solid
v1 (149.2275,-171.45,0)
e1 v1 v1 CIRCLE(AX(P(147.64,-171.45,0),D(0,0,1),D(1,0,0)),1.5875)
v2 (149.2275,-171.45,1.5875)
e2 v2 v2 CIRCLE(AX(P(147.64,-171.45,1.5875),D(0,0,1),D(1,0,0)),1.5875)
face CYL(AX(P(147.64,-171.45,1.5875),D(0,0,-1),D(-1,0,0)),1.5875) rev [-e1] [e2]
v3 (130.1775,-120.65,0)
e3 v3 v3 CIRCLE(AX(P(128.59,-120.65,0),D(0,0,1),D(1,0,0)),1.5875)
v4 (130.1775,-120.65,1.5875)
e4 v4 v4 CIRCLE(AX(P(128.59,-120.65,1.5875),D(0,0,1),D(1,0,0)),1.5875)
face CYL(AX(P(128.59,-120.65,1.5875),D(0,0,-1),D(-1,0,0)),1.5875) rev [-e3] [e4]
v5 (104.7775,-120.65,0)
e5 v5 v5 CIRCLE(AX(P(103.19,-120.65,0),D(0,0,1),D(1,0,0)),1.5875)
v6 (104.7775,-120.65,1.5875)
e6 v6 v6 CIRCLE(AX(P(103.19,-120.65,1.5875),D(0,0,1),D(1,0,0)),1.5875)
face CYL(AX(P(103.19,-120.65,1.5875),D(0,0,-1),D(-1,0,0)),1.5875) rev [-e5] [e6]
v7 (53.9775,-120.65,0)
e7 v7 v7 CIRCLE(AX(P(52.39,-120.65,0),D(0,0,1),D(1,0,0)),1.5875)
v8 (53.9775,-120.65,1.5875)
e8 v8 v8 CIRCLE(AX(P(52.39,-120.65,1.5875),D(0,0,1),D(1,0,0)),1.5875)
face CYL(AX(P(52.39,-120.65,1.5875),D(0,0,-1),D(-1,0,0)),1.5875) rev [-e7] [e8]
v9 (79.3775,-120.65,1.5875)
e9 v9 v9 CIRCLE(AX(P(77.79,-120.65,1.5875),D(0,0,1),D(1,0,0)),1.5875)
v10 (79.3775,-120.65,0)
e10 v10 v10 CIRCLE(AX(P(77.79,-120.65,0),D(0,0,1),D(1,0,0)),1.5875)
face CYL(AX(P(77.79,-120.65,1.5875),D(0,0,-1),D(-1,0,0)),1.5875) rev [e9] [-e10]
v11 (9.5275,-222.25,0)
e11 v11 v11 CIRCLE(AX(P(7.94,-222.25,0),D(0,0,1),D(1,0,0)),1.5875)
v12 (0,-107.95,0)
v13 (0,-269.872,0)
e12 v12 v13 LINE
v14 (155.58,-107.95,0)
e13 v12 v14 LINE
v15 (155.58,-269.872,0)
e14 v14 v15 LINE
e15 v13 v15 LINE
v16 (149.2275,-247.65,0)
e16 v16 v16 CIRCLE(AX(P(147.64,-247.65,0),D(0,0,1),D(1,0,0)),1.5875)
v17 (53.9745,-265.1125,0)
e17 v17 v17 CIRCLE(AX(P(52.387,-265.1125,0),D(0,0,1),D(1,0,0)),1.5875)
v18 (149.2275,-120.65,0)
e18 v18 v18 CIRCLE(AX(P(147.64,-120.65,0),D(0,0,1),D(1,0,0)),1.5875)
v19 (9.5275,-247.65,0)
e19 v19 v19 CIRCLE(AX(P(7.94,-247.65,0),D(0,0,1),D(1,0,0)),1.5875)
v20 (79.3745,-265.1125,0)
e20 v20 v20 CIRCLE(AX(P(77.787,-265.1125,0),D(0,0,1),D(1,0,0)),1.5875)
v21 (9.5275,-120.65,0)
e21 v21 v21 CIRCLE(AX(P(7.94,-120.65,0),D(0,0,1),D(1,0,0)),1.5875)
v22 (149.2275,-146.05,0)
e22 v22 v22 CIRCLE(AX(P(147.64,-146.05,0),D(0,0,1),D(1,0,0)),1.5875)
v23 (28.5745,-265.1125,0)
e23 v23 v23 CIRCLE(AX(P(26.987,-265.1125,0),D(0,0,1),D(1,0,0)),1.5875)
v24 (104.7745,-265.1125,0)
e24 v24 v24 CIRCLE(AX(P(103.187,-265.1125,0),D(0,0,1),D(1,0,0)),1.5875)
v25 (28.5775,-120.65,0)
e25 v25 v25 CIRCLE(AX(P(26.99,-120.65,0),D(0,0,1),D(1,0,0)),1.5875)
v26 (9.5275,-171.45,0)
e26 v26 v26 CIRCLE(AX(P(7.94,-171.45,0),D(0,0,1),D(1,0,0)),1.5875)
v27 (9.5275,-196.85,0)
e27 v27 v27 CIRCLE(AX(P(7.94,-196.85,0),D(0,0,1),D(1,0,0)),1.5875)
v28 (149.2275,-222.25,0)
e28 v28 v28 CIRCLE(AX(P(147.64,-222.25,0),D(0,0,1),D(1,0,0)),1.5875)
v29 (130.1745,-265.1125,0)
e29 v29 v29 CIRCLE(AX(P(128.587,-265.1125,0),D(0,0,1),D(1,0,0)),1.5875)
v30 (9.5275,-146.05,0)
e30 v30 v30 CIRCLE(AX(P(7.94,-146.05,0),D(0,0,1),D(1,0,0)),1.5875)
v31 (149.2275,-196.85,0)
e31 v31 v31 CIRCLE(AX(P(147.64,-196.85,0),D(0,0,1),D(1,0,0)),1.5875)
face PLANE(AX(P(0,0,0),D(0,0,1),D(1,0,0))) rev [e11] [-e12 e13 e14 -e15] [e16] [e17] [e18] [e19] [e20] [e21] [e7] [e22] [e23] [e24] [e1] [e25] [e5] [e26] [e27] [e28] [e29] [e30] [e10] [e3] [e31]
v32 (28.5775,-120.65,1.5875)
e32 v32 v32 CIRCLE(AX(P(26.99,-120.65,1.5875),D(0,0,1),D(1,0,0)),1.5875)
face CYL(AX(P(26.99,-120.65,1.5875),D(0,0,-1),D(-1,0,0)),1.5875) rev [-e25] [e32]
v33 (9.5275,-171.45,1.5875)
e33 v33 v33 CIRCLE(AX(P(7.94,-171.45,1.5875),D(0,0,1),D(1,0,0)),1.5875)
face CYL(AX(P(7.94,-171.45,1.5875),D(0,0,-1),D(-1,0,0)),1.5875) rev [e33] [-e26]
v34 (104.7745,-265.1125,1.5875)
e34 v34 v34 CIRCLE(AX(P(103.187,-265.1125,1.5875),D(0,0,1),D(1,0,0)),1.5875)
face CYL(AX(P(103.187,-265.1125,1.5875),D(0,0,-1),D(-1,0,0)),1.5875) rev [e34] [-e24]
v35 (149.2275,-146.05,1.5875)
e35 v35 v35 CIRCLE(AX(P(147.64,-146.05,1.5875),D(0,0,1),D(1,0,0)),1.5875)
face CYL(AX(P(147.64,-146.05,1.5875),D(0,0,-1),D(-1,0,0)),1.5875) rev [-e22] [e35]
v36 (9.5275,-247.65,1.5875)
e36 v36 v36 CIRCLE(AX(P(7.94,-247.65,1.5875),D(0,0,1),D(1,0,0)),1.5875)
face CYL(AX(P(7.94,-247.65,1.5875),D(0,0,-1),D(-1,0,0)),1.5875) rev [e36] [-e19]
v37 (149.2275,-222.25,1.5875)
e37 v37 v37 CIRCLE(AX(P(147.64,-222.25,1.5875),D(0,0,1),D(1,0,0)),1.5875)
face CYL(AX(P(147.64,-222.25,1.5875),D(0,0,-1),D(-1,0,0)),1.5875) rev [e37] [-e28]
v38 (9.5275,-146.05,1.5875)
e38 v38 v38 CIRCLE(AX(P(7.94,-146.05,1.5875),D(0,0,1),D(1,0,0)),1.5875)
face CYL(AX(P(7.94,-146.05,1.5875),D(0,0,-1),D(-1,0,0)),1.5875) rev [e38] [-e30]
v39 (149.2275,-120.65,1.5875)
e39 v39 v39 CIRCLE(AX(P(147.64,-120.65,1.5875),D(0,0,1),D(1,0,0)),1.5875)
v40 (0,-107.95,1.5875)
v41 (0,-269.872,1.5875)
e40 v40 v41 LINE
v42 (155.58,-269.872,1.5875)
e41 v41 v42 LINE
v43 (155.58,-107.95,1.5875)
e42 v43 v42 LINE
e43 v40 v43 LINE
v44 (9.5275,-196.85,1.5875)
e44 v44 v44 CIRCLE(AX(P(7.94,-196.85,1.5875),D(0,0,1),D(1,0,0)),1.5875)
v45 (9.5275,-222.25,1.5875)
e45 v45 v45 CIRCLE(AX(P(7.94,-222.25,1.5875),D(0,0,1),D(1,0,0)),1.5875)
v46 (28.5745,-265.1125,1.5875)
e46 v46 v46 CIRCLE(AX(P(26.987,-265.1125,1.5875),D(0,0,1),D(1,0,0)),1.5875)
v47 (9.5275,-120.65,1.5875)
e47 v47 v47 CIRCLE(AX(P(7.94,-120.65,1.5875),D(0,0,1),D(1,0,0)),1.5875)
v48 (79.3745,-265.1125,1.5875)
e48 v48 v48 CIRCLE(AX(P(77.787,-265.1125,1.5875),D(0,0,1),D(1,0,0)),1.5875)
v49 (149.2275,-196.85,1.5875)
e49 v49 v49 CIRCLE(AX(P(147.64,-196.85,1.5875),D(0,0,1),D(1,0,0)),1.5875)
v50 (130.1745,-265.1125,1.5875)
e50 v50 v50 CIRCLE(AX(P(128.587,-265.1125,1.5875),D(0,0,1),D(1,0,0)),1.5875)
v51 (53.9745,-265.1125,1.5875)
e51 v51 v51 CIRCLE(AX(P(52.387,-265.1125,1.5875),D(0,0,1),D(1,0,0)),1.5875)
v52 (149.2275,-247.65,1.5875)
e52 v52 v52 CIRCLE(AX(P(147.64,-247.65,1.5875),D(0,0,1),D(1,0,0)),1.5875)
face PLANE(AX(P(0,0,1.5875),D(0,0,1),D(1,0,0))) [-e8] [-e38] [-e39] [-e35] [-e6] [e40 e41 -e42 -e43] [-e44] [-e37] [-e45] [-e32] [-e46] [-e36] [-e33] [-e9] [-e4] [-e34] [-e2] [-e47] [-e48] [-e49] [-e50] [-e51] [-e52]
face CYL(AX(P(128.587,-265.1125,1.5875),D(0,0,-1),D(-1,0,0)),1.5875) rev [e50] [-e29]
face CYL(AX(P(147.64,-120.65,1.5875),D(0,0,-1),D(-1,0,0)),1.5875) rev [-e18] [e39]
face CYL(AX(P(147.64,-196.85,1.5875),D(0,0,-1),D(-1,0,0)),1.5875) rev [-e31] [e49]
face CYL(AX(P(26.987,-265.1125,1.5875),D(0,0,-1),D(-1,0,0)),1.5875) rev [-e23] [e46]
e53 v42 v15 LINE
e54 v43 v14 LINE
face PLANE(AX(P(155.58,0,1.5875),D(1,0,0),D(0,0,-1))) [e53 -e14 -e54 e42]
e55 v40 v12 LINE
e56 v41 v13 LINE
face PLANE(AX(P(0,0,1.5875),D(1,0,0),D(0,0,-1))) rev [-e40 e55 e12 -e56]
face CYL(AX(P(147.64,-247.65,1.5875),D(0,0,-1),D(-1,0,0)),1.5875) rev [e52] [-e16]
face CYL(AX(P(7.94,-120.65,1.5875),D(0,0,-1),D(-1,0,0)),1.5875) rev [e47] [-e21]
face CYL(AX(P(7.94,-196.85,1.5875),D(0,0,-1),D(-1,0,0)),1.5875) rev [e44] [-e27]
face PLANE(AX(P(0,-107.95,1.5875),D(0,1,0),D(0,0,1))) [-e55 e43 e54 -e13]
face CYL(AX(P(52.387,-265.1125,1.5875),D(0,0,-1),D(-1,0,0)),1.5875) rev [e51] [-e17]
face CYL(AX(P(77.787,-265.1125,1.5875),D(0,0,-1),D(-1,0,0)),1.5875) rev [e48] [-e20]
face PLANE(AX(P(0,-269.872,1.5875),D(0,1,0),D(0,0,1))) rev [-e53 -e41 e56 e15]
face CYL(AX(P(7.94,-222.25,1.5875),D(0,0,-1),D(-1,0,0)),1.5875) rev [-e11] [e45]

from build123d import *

# Parameters (mm, degrees)
SKETCH1_W           = 155.58
SKETCH1_H           = 161.922
SKETCH1_R           = 1.5875
BOSS_EXTRUDE1_DEPTH = 1.5875


with BuildPart() as part:
    # Sketch1 → Boss-Extrude1 (new body)
    with BuildSketch(Plane.XY):
        with Locations((77.79, -188.911)):
            Rectangle(SKETCH1_W, SKETCH1_H)
        with Locations((7.94, -247.65)):
            Circle(SKETCH1_R, mode=Mode.SUBTRACT)
        with Locations((26.987, -265.1125)):
            Circle(SKETCH1_R, mode=Mode.SUBTRACT)
        with Locations((7.94, -222.25)):
            Circle(SKETCH1_R, mode=Mode.SUBTRACT)
        with Locations((52.387, -265.1125)):
            Circle(SKETCH1_R, mode=Mode.SUBTRACT)
        with Locations((77.787, -265.1125)):
            Circle(SKETCH1_R, mode=Mode.SUBTRACT)
        with Locations((7.94, -196.85)):
            Circle(SKETCH1_R, mode=Mode.SUBTRACT)
        with Locations((7.94, -171.45)):
            Circle(SKETCH1_R, mode=Mode.SUBTRACT)
        with Locations((7.94, -146.05)):
            Circle(SKETCH1_R, mode=Mode.SUBTRACT)
        with Locations((103.187, -265.1125)):
            Circle(SKETCH1_R, mode=Mode.SUBTRACT)
        with Locations((128.587, -265.1125)):
            Circle(SKETCH1_R, mode=Mode.SUBTRACT)
        with Locations((147.64, -247.65)):
            Circle(SKETCH1_R, mode=Mode.SUBTRACT)
        with Locations((147.64, -222.25)):
            Circle(SKETCH1_R, mode=Mode.SUBTRACT)
        with Locations((147.64, -196.85)):
            Circle(SKETCH1_R, mode=Mode.SUBTRACT)
        with Locations((147.64, -171.45)):
            Circle(SKETCH1_R, mode=Mode.SUBTRACT)
        with Locations((147.64, -146.05)):
            Circle(SKETCH1_R, mode=Mode.SUBTRACT)
        with Locations((7.94, -120.65)):
            Circle(SKETCH1_R, mode=Mode.SUBTRACT)
        with Locations((26.99, -120.65)):
            Circle(SKETCH1_R, mode=Mode.SUBTRACT)
        with Locations((52.39, -120.65)):
            Circle(SKETCH1_R, mode=Mode.SUBTRACT)
        with Locations((77.79, -120.65)):
            Circle(SKETCH1_R, mode=Mode.SUBTRACT)
        with Locations((103.19, -120.65)):
            Circle(SKETCH1_R, mode=Mode.SUBTRACT)
        with Locations((128.59, -120.65)):
            Circle(SKETCH1_R, mode=Mode.SUBTRACT)
        with Locations((147.64, -120.65)):
            Circle(SKETCH1_R, mode=Mode.SUBTRACT)
    extrude(amount=BOSS_EXTRUDE1_DEPTH)


solid = part.part
